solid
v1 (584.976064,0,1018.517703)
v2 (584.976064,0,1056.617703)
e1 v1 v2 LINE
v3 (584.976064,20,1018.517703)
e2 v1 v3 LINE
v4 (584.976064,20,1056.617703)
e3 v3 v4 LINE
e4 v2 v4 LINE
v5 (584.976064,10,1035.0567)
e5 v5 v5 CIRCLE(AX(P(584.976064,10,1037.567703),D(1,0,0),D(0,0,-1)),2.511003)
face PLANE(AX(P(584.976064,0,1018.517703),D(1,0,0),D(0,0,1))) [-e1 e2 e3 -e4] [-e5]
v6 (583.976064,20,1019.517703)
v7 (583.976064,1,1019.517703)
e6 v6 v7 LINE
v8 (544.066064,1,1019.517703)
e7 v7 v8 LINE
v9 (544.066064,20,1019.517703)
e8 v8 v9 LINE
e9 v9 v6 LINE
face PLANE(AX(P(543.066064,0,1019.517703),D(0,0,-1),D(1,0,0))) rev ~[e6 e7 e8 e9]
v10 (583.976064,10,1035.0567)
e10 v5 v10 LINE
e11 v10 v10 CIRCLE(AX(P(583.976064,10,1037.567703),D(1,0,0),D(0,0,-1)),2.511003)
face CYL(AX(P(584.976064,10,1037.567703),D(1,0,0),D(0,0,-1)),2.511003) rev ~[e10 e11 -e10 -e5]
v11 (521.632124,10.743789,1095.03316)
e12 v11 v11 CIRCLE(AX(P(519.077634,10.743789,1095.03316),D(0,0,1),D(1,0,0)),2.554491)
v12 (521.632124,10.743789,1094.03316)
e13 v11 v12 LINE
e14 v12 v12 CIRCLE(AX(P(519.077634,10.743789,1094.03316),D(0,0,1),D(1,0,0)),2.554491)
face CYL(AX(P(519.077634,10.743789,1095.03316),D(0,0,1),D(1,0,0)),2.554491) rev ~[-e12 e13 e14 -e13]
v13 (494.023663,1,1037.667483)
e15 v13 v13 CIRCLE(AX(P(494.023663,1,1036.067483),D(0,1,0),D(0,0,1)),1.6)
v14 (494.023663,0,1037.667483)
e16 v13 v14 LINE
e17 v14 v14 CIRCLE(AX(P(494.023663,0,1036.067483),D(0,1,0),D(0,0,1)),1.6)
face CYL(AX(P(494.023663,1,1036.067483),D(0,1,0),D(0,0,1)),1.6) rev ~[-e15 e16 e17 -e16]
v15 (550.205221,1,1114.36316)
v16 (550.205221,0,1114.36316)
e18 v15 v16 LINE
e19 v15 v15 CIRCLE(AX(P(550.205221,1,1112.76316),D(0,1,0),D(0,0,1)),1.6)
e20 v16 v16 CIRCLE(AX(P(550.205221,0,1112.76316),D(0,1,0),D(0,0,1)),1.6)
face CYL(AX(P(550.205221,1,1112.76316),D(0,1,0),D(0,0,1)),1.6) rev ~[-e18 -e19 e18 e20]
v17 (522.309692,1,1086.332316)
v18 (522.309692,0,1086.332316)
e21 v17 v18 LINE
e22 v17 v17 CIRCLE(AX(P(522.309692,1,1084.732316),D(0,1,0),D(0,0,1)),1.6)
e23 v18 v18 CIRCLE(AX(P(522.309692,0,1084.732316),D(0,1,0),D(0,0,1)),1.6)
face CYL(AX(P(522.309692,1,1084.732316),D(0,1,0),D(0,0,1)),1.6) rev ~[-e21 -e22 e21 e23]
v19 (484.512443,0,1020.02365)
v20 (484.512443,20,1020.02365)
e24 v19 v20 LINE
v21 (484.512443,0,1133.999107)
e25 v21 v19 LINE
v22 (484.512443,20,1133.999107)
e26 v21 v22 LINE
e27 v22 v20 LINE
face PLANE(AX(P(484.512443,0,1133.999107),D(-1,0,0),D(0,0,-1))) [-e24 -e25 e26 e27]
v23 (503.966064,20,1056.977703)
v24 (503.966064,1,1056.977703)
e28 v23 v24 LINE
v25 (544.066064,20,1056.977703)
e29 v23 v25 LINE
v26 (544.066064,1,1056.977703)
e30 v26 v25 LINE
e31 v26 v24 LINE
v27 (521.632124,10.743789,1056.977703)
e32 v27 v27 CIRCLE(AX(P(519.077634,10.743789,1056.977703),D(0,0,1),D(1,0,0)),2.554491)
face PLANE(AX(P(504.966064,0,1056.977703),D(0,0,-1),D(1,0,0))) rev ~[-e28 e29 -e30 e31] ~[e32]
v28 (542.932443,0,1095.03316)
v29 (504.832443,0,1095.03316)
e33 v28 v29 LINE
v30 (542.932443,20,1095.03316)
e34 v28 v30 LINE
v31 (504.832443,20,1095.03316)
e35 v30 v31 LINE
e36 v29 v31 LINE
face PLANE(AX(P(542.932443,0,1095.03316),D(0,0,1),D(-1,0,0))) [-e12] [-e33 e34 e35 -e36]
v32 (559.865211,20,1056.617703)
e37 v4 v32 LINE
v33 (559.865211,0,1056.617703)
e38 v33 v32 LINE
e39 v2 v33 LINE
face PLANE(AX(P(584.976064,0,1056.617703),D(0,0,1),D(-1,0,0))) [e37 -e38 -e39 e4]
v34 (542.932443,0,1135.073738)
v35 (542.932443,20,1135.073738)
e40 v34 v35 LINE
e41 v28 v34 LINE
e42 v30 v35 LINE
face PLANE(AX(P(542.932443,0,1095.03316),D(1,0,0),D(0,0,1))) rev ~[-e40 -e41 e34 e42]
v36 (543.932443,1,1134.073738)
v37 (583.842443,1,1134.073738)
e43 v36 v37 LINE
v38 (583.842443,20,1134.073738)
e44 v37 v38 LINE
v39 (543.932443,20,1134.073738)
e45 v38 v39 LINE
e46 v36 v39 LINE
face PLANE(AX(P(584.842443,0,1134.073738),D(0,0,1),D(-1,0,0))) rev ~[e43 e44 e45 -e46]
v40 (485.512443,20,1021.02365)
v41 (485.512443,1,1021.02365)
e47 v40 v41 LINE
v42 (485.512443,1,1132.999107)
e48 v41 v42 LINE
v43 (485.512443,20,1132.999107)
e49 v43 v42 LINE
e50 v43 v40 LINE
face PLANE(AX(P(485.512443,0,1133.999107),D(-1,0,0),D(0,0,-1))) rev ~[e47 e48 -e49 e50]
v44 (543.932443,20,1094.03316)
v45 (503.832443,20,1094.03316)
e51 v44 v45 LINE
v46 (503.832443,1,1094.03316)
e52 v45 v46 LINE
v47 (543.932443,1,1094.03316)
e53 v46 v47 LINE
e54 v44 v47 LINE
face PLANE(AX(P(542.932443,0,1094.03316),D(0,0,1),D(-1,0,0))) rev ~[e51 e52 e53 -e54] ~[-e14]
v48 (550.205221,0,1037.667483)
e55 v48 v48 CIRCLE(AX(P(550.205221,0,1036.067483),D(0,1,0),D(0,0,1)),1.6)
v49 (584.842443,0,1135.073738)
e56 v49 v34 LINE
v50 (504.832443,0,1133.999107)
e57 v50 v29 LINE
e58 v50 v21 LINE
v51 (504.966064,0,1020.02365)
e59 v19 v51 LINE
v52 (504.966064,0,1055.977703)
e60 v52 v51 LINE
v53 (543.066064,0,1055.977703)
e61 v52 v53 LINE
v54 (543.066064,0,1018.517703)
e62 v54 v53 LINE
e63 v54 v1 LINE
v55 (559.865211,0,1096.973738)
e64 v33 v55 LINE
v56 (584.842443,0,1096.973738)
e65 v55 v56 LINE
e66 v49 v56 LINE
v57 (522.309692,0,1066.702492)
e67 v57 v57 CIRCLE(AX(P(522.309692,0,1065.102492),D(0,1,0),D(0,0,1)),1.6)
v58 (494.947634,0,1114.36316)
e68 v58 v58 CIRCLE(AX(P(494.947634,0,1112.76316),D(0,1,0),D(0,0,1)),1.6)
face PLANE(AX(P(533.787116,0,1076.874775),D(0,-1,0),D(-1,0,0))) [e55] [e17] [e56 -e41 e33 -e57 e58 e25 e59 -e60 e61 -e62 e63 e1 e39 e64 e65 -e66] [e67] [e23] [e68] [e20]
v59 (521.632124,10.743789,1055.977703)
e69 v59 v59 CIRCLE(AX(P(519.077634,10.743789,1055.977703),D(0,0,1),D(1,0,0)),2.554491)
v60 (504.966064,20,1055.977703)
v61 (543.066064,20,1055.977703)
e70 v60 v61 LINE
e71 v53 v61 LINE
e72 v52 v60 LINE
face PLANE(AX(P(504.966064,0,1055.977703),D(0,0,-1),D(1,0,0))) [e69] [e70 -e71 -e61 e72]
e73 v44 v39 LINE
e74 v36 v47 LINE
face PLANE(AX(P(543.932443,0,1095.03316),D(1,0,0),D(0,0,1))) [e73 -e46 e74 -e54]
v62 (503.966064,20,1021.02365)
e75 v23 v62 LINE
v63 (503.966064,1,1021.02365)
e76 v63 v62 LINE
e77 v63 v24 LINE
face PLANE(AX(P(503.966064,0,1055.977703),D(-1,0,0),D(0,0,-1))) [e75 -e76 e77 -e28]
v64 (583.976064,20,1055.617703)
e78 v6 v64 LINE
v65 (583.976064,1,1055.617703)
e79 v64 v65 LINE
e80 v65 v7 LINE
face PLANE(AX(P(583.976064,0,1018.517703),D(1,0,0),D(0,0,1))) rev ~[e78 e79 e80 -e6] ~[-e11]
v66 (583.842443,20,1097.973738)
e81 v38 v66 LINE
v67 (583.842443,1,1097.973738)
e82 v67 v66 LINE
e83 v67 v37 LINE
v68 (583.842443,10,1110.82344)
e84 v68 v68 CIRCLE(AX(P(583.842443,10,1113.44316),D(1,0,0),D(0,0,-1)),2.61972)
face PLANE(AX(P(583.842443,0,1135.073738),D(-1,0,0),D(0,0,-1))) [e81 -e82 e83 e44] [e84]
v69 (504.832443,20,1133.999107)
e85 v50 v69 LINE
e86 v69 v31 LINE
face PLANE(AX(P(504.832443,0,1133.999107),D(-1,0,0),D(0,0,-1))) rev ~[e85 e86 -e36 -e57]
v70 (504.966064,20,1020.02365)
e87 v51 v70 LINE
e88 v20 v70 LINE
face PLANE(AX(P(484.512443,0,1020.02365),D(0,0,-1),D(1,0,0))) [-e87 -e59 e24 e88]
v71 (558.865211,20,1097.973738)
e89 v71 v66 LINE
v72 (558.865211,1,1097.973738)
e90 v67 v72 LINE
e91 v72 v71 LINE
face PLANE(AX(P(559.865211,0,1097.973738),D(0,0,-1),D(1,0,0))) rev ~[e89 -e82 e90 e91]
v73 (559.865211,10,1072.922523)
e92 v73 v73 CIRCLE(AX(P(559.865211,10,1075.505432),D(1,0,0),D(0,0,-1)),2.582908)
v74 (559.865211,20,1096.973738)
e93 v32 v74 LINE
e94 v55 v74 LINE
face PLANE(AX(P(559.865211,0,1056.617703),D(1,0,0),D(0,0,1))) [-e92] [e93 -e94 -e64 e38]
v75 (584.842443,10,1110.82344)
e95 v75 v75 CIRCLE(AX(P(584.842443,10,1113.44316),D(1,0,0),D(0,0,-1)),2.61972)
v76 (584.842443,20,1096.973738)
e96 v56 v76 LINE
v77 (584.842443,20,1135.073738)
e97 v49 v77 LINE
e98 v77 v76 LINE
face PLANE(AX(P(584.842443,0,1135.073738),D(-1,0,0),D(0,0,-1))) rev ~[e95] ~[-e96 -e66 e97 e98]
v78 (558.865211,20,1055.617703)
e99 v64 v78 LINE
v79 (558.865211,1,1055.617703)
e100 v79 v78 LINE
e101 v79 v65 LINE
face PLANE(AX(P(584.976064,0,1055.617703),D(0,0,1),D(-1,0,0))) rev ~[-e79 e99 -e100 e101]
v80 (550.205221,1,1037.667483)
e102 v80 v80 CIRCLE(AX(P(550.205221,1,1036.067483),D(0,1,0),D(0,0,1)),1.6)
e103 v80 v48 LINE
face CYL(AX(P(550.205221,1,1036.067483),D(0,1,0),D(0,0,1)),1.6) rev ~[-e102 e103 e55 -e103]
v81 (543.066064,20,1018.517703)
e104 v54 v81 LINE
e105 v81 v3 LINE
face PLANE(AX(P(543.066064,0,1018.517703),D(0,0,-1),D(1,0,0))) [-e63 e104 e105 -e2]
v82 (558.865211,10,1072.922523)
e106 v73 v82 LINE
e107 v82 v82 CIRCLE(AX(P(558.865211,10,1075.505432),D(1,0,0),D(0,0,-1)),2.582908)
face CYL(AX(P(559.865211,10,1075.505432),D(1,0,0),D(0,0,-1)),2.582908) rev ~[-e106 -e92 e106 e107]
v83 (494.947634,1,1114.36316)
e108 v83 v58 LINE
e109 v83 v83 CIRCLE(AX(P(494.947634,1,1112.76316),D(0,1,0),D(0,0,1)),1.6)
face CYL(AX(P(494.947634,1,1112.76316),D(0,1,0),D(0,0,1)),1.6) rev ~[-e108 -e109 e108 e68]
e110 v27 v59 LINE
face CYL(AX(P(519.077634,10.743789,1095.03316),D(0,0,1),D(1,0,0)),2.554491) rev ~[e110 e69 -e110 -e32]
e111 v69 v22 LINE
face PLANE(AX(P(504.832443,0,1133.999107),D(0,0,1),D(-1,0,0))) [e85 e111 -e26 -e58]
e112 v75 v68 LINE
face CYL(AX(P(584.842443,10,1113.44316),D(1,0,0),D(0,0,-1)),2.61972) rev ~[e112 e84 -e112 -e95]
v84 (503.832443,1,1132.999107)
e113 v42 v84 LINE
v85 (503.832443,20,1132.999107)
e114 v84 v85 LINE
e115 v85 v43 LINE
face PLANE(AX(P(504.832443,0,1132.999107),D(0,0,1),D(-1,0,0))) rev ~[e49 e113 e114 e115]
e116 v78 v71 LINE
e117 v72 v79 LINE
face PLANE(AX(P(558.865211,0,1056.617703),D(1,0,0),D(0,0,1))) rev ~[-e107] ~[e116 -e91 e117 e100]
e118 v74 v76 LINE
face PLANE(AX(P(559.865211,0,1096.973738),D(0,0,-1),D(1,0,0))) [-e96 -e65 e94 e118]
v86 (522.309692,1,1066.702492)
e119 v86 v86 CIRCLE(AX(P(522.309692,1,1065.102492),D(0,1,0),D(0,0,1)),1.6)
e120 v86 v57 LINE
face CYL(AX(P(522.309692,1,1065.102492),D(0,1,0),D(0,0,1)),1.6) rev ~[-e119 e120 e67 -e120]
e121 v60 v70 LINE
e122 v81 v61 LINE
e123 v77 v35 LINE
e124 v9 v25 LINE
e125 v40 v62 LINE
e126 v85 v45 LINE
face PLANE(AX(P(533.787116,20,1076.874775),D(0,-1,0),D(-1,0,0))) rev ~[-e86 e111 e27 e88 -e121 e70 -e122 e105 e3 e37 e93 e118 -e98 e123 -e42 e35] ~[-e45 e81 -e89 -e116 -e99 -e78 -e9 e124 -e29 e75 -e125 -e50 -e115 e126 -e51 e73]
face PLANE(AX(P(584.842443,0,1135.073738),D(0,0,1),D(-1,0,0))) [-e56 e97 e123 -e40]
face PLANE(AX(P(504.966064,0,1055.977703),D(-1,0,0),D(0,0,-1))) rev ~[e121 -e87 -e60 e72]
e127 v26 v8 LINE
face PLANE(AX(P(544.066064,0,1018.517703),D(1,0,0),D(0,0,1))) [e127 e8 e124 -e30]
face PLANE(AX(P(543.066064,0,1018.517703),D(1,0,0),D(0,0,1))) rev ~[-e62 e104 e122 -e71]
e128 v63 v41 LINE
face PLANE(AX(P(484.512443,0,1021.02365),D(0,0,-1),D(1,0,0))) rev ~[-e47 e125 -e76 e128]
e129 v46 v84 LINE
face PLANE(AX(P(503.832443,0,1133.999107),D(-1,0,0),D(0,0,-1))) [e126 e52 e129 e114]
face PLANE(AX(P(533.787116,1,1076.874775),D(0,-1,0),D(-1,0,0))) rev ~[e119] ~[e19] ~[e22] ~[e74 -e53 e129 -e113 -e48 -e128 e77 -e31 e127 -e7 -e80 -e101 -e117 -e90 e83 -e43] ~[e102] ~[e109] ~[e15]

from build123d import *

# Parameters (mm, degrees)
BOSS_EXTRUDE2_DEPTH = 20
SHELL1_T            = -1
SKETCH5_R           = 2.554490716
CUT_EXTRUDE1_DEPTH  = 40.64
SKETCH6_R           = 2.564818337
SKETCH6_R_2         = 2.573203383
SKETCH6_R_3         = 2.511002724
CUT_EXTRUDE3_DEPTH  = 10
SKETCH7_R           = 2.582908473
CUT_EXTRUDE4_DEPTH  = 10
SKETCH9_R           = 2.619720314
CUT_EXTRUDE6_DEPTH  = 10
SKETCH10_R          = 1.6
CUT_EXTRUDE7_DEPTH  = 10


with BuildPart() as part:
    # Sketch1 → Boss-Extrude2 (new body)
    with BuildSketch(Plane(origin=(0, 0, 0), x_dir=(1, 0, 0), z_dir=(0, 1, 0))):
        Polygon((543.066064215, -1022.739016237), (543.066064215, -1018.517703014), (584.976064215, -1018.517703014), (584.976064215, -1056.617703014), (559.865211068, -1056.617703014), (559.865211068, -1096.973737777), (584.842442734, -1096.973737777), (584.842442734, -1103.207715654), (584.842442734, -1135.073737777), (542.932442734, -1135.073737777), (542.932442734, -1128.271846788), (542.932442734, -1095.03316), (504.832442734, -1095.03316), (504.832442734, -1128.271846788), (504.832442734, -1133.999106761), (484.512442734, -1133.999106761), (484.512442734, -1020.023649765), (504.966064215, -1020.023649765), (504.966064215, -1022.739016237), (504.966064215, -1055.977703024), (543.066064215, -1055.977703024), align=None)
    extrude(amount=BOSS_EXTRUDE2_DEPTH)

    # Shell1
    shell1_openings = [part.faces().sort_by_distance(p)[0] for p in [
        (534.165694699, 20, 1076.58641914),
    ]]
    offset(amount=SHELL1_T, openings=shell1_openings, kind=Kind.INTERSECTION)

    # Sketch5 → Cut-Extrude1 (cut)
    with BuildSketch(Plane.XY.offset(1095.03316)):
        with Locations((519.077633691, 10.743789128)):
            Circle(SKETCH5_R)
    extrude(amount=-CUT_EXTRUDE1_DEPTH, mode=Mode.SUBTRACT)

    # Sketch6 → Cut-Extrude3 (cut)
    with BuildSketch(Plane(origin=(584.976064215, 0, 0), x_dir=(0, 0, -1), z_dir=(1, 0, 0))):
        with Locations(Location((-1113.44316001, 10, 0), (0, 0, 180))):
            Circle(SKETCH6_R)
        with Locations((-1075.505431512, 10)):
            Circle(SKETCH6_R_2)
        with Locations((-1037.567703014, 10)):
            Circle(SKETCH6_R_3)
    extrude(amount=-CUT_EXTRUDE3_DEPTH, mode=Mode.SUBTRACT)

    # Sketch7 → Cut-Extrude4 (cut)
    with BuildSketch(Plane(origin=(559.865211068, 0, 0), x_dir=(0, 0, -1), z_dir=(1, 0, 0))):
        with Locations((-1075.505431512, 10)):
            Circle(SKETCH7_R)
    extrude(amount=-CUT_EXTRUDE4_DEPTH, mode=Mode.SUBTRACT)

    # Sketch9 → Cut-Extrude6 (cut)
    with BuildSketch(Plane(origin=(584.842442734, 0, 0), x_dir=(0, 0, -1), z_dir=(1, 0, 0))):
        with Locations((-1113.44316001, 10)):
            Circle(SKETCH9_R)
    extrude(amount=-CUT_EXTRUDE6_DEPTH, mode=Mode.SUBTRACT)

    # Sketch10 → Cut-Extrude7 (cut)
    with BuildSketch(Plane(origin=(0, 1, 0), x_dir=(1, 0, 0), z_dir=(0, 1, 0))):
        with Locations(Location((494.947633691, -1112.763160005, 0), (0, 0, 270))):
            Circle(SKETCH10_R)
        with Locations(Location((550.205220573, -1112.763160005, 0), (0, 0, 270))):
            Circle(SKETCH10_R)
        with Locations(Location((522.30969217, -1084.732316133, 0), (0, 0, 270))):
            Circle(SKETCH10_R)
        with Locations(Location((522.30969217, -1065.102492134, 0), (0, 0, 270))):
            Circle(SKETCH10_R)
        with Locations(Location((550.205220573, -1036.067482908, 0), (0, 0, 270))):
            Circle(SKETCH10_R)
        with Locations(Location((494.023662931, -1036.067482908, 0), (0, 0, 270))):
            Circle(SKETCH10_R)
    extrude(amount=-CUT_EXTRUDE7_DEPTH, mode=Mode.SUBTRACT)


solid = part.part
